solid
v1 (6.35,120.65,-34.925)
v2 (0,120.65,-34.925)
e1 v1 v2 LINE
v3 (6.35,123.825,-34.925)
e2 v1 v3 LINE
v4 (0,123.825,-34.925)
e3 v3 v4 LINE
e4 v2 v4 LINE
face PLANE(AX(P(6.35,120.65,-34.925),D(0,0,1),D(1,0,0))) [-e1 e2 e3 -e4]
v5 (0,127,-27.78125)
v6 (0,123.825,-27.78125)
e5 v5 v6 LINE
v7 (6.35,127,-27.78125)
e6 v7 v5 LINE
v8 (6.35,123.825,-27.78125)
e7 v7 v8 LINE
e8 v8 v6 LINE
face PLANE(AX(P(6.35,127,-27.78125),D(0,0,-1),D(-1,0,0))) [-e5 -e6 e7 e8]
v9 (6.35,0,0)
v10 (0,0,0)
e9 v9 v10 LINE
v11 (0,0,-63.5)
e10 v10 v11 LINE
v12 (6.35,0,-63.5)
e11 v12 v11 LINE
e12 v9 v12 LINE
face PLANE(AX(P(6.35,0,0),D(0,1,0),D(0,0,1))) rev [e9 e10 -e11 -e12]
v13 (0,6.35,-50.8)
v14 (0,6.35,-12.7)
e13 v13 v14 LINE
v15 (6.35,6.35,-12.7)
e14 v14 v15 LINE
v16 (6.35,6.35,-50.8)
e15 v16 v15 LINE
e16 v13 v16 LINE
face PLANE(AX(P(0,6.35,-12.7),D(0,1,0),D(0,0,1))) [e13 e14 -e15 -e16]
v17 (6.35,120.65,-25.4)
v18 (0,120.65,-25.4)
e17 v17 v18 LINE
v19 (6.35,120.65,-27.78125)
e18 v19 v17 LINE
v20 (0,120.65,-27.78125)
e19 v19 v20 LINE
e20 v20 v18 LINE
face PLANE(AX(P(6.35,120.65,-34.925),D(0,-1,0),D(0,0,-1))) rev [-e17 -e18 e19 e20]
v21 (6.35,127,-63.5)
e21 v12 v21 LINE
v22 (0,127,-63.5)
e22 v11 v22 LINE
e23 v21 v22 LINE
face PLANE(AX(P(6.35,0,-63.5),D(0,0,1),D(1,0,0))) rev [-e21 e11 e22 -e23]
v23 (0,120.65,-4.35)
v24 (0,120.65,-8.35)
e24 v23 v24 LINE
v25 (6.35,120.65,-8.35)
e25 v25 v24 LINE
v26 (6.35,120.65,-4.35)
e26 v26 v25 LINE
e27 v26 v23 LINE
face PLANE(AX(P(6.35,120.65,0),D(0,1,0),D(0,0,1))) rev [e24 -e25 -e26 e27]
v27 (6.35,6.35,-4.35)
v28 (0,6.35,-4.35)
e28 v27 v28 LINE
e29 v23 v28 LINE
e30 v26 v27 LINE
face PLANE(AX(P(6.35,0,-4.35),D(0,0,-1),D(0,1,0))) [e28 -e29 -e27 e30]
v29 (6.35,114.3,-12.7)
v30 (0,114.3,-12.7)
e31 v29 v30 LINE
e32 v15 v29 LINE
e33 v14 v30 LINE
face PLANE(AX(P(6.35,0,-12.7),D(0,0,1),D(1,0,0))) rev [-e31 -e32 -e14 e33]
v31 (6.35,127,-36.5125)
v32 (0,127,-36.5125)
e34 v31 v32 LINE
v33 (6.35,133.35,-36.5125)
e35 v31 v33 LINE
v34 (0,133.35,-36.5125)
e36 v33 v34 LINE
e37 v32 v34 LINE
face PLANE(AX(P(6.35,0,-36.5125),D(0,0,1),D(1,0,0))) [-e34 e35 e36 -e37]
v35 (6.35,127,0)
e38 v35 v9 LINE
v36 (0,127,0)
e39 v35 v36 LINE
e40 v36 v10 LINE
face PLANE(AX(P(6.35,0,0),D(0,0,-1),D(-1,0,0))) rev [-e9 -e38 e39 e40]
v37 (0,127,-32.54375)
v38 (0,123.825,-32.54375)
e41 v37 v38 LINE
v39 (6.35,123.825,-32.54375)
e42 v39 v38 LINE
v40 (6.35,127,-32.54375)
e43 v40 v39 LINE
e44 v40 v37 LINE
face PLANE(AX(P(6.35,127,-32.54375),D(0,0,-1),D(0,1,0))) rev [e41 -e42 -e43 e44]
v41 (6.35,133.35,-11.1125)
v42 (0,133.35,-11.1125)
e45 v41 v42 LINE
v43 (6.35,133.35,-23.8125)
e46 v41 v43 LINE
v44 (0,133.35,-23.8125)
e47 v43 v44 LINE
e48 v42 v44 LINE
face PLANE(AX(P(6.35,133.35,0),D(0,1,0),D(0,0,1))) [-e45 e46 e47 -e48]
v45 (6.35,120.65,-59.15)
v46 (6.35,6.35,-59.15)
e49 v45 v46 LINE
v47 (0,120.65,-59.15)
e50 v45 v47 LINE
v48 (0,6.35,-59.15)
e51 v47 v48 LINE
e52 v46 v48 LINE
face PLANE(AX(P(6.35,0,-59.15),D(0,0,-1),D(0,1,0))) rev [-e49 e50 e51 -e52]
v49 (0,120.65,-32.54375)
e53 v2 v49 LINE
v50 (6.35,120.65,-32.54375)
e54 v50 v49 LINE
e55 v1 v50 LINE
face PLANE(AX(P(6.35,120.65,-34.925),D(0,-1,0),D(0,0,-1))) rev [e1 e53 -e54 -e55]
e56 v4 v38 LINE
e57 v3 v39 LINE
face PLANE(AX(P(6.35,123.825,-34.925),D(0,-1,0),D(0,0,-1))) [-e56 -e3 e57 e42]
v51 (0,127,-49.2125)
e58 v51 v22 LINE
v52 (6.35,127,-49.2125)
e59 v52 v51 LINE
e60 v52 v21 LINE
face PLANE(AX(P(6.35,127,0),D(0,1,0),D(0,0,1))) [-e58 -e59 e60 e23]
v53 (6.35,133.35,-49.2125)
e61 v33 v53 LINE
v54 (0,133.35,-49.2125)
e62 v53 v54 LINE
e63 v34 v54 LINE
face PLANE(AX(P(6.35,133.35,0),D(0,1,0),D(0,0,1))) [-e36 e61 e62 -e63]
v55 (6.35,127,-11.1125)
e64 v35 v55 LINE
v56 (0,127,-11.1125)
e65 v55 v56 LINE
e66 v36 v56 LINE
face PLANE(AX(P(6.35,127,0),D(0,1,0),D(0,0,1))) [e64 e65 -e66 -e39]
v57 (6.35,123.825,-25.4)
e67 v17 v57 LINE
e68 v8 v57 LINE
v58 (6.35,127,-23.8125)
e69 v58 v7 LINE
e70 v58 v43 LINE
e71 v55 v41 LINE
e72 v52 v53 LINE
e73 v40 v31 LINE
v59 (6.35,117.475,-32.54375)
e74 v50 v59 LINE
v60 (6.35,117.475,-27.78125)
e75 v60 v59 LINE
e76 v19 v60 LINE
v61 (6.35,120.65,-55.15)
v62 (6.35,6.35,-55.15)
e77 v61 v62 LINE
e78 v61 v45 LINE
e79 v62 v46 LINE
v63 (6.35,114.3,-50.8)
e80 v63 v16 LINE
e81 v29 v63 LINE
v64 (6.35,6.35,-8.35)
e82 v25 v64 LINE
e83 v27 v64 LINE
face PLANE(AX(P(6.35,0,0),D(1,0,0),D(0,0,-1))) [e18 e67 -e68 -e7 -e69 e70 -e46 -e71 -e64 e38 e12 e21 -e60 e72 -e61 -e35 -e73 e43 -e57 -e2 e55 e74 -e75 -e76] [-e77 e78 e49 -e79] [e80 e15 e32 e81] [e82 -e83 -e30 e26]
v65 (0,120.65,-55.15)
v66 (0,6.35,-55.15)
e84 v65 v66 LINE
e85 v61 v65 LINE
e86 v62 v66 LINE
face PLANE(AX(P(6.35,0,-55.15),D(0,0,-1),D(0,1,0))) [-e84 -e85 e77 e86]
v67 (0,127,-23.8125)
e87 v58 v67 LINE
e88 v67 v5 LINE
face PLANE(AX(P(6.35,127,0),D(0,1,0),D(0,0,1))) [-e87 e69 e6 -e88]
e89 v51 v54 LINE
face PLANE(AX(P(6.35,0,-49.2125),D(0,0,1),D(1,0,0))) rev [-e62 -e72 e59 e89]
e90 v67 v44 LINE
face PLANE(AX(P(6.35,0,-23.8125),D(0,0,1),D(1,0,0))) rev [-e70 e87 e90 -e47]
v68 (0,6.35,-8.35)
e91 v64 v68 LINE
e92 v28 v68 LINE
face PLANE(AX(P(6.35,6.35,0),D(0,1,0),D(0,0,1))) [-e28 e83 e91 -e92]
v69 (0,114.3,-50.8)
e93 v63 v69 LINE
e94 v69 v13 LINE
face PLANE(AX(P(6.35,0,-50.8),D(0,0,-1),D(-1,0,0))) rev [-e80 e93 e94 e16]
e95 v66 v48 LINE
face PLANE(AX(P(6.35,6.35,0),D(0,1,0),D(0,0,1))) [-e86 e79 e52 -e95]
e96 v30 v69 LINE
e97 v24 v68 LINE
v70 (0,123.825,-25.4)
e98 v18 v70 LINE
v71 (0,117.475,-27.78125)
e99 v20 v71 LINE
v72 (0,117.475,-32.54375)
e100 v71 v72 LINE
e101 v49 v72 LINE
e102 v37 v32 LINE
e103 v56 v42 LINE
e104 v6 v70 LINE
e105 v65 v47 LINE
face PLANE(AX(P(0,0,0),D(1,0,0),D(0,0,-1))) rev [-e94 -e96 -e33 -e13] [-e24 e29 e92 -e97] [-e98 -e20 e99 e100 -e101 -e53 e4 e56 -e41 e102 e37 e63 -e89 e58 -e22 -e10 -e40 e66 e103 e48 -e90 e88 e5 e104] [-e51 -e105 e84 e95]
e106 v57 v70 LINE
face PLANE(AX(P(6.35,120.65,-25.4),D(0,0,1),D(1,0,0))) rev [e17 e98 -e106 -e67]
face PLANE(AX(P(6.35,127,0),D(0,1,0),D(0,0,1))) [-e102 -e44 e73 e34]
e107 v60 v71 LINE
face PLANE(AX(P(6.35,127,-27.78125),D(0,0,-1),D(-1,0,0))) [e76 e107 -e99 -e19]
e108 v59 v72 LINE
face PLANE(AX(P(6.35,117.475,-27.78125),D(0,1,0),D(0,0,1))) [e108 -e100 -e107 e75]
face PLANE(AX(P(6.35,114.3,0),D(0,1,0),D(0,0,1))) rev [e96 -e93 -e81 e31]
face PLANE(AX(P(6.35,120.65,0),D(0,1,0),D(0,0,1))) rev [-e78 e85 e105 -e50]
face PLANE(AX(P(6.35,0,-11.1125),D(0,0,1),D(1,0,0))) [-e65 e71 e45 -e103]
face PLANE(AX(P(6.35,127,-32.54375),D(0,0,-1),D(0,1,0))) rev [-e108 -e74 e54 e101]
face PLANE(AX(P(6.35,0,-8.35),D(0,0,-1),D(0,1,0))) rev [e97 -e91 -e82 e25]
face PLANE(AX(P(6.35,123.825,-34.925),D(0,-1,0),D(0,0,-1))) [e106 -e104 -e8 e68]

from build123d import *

# Parameters (mm, degrees)
BOSS_EXTRUDE1_DEPTH = 6.35
SKETCH4_W           = 4.7625
SKETCH4_H           = 9.525
SKETCH4_W_2         = 9.525
SKETCH4_H_2         = 3.175
CUT_EXTRUDE1_DEPTH  = 6.35
SKETCH6_W           = 38.1
SKETCH6_H           = 6.35
BOSS_EXTRUDE3_DEPTH = 6.35


with BuildPart() as part:
    # Sketch2 → Boss-Extrude1 (new body)
    with BuildSketch(Plane(origin=(0, 0, 0), x_dir=(0, 0, -1), z_dir=(1, 0, 0))):
        Polygon((0, 127), (0, 0), (12.7, 0), (12.7, 114.3), (15.875, 114.3), (50.8, 114.3), (50.8, 0), (63.5, 0), (63.5, 114.3), (63.5, 127), (49.2125, 127), (49.2125, 133.35), (36.5125, 133.35), (36.5125, 127), (23.8125, 127), (23.8125, 133.35), (11.1125, 133.35), (11.1125, 127), align=None)
        Polygon((4.35, 6.35), (4.35, 120.65), (6.35, 120.65), (8.35, 120.65), (8.35, 6.35), align=None, mode=Mode.SUBTRACT)
        Polygon((59.15, 120.65), (59.15, 114.3), (59.15, 6.35), (55.15, 6.35), (55.15, 114.3), (55.15, 120.65), (57.15, 120.65), align=None, mode=Mode.SUBTRACT)
    extrude(amount=BOSS_EXTRUDE1_DEPTH)

    # Sketch4 → Cut-Extrude1 (cut)
    with BuildSketch(Plane.ZY):
        with Locations((-30.1625, 122.2375)):
            Rectangle(SKETCH4_W, SKETCH4_H)
        with Locations((-30.1625, 122.2375)):
            Rectangle(SKETCH4_W_2, SKETCH4_H_2)
    extrude(amount=-CUT_EXTRUDE1_DEPTH, mode=Mode.SUBTRACT)

    # Sketch6 → Boss-Extrude3 (add)
    with BuildSketch(Plane(origin=(6.35, 0, 0), x_dir=(0, 0, -1), z_dir=(1, 0, 0))):
        with Locations((31.75, 3.175)):
            Rectangle(SKETCH6_W, SKETCH6_H)
    extrude(amount=-BOSS_EXTRUDE3_DEPTH)


solid = part.part
